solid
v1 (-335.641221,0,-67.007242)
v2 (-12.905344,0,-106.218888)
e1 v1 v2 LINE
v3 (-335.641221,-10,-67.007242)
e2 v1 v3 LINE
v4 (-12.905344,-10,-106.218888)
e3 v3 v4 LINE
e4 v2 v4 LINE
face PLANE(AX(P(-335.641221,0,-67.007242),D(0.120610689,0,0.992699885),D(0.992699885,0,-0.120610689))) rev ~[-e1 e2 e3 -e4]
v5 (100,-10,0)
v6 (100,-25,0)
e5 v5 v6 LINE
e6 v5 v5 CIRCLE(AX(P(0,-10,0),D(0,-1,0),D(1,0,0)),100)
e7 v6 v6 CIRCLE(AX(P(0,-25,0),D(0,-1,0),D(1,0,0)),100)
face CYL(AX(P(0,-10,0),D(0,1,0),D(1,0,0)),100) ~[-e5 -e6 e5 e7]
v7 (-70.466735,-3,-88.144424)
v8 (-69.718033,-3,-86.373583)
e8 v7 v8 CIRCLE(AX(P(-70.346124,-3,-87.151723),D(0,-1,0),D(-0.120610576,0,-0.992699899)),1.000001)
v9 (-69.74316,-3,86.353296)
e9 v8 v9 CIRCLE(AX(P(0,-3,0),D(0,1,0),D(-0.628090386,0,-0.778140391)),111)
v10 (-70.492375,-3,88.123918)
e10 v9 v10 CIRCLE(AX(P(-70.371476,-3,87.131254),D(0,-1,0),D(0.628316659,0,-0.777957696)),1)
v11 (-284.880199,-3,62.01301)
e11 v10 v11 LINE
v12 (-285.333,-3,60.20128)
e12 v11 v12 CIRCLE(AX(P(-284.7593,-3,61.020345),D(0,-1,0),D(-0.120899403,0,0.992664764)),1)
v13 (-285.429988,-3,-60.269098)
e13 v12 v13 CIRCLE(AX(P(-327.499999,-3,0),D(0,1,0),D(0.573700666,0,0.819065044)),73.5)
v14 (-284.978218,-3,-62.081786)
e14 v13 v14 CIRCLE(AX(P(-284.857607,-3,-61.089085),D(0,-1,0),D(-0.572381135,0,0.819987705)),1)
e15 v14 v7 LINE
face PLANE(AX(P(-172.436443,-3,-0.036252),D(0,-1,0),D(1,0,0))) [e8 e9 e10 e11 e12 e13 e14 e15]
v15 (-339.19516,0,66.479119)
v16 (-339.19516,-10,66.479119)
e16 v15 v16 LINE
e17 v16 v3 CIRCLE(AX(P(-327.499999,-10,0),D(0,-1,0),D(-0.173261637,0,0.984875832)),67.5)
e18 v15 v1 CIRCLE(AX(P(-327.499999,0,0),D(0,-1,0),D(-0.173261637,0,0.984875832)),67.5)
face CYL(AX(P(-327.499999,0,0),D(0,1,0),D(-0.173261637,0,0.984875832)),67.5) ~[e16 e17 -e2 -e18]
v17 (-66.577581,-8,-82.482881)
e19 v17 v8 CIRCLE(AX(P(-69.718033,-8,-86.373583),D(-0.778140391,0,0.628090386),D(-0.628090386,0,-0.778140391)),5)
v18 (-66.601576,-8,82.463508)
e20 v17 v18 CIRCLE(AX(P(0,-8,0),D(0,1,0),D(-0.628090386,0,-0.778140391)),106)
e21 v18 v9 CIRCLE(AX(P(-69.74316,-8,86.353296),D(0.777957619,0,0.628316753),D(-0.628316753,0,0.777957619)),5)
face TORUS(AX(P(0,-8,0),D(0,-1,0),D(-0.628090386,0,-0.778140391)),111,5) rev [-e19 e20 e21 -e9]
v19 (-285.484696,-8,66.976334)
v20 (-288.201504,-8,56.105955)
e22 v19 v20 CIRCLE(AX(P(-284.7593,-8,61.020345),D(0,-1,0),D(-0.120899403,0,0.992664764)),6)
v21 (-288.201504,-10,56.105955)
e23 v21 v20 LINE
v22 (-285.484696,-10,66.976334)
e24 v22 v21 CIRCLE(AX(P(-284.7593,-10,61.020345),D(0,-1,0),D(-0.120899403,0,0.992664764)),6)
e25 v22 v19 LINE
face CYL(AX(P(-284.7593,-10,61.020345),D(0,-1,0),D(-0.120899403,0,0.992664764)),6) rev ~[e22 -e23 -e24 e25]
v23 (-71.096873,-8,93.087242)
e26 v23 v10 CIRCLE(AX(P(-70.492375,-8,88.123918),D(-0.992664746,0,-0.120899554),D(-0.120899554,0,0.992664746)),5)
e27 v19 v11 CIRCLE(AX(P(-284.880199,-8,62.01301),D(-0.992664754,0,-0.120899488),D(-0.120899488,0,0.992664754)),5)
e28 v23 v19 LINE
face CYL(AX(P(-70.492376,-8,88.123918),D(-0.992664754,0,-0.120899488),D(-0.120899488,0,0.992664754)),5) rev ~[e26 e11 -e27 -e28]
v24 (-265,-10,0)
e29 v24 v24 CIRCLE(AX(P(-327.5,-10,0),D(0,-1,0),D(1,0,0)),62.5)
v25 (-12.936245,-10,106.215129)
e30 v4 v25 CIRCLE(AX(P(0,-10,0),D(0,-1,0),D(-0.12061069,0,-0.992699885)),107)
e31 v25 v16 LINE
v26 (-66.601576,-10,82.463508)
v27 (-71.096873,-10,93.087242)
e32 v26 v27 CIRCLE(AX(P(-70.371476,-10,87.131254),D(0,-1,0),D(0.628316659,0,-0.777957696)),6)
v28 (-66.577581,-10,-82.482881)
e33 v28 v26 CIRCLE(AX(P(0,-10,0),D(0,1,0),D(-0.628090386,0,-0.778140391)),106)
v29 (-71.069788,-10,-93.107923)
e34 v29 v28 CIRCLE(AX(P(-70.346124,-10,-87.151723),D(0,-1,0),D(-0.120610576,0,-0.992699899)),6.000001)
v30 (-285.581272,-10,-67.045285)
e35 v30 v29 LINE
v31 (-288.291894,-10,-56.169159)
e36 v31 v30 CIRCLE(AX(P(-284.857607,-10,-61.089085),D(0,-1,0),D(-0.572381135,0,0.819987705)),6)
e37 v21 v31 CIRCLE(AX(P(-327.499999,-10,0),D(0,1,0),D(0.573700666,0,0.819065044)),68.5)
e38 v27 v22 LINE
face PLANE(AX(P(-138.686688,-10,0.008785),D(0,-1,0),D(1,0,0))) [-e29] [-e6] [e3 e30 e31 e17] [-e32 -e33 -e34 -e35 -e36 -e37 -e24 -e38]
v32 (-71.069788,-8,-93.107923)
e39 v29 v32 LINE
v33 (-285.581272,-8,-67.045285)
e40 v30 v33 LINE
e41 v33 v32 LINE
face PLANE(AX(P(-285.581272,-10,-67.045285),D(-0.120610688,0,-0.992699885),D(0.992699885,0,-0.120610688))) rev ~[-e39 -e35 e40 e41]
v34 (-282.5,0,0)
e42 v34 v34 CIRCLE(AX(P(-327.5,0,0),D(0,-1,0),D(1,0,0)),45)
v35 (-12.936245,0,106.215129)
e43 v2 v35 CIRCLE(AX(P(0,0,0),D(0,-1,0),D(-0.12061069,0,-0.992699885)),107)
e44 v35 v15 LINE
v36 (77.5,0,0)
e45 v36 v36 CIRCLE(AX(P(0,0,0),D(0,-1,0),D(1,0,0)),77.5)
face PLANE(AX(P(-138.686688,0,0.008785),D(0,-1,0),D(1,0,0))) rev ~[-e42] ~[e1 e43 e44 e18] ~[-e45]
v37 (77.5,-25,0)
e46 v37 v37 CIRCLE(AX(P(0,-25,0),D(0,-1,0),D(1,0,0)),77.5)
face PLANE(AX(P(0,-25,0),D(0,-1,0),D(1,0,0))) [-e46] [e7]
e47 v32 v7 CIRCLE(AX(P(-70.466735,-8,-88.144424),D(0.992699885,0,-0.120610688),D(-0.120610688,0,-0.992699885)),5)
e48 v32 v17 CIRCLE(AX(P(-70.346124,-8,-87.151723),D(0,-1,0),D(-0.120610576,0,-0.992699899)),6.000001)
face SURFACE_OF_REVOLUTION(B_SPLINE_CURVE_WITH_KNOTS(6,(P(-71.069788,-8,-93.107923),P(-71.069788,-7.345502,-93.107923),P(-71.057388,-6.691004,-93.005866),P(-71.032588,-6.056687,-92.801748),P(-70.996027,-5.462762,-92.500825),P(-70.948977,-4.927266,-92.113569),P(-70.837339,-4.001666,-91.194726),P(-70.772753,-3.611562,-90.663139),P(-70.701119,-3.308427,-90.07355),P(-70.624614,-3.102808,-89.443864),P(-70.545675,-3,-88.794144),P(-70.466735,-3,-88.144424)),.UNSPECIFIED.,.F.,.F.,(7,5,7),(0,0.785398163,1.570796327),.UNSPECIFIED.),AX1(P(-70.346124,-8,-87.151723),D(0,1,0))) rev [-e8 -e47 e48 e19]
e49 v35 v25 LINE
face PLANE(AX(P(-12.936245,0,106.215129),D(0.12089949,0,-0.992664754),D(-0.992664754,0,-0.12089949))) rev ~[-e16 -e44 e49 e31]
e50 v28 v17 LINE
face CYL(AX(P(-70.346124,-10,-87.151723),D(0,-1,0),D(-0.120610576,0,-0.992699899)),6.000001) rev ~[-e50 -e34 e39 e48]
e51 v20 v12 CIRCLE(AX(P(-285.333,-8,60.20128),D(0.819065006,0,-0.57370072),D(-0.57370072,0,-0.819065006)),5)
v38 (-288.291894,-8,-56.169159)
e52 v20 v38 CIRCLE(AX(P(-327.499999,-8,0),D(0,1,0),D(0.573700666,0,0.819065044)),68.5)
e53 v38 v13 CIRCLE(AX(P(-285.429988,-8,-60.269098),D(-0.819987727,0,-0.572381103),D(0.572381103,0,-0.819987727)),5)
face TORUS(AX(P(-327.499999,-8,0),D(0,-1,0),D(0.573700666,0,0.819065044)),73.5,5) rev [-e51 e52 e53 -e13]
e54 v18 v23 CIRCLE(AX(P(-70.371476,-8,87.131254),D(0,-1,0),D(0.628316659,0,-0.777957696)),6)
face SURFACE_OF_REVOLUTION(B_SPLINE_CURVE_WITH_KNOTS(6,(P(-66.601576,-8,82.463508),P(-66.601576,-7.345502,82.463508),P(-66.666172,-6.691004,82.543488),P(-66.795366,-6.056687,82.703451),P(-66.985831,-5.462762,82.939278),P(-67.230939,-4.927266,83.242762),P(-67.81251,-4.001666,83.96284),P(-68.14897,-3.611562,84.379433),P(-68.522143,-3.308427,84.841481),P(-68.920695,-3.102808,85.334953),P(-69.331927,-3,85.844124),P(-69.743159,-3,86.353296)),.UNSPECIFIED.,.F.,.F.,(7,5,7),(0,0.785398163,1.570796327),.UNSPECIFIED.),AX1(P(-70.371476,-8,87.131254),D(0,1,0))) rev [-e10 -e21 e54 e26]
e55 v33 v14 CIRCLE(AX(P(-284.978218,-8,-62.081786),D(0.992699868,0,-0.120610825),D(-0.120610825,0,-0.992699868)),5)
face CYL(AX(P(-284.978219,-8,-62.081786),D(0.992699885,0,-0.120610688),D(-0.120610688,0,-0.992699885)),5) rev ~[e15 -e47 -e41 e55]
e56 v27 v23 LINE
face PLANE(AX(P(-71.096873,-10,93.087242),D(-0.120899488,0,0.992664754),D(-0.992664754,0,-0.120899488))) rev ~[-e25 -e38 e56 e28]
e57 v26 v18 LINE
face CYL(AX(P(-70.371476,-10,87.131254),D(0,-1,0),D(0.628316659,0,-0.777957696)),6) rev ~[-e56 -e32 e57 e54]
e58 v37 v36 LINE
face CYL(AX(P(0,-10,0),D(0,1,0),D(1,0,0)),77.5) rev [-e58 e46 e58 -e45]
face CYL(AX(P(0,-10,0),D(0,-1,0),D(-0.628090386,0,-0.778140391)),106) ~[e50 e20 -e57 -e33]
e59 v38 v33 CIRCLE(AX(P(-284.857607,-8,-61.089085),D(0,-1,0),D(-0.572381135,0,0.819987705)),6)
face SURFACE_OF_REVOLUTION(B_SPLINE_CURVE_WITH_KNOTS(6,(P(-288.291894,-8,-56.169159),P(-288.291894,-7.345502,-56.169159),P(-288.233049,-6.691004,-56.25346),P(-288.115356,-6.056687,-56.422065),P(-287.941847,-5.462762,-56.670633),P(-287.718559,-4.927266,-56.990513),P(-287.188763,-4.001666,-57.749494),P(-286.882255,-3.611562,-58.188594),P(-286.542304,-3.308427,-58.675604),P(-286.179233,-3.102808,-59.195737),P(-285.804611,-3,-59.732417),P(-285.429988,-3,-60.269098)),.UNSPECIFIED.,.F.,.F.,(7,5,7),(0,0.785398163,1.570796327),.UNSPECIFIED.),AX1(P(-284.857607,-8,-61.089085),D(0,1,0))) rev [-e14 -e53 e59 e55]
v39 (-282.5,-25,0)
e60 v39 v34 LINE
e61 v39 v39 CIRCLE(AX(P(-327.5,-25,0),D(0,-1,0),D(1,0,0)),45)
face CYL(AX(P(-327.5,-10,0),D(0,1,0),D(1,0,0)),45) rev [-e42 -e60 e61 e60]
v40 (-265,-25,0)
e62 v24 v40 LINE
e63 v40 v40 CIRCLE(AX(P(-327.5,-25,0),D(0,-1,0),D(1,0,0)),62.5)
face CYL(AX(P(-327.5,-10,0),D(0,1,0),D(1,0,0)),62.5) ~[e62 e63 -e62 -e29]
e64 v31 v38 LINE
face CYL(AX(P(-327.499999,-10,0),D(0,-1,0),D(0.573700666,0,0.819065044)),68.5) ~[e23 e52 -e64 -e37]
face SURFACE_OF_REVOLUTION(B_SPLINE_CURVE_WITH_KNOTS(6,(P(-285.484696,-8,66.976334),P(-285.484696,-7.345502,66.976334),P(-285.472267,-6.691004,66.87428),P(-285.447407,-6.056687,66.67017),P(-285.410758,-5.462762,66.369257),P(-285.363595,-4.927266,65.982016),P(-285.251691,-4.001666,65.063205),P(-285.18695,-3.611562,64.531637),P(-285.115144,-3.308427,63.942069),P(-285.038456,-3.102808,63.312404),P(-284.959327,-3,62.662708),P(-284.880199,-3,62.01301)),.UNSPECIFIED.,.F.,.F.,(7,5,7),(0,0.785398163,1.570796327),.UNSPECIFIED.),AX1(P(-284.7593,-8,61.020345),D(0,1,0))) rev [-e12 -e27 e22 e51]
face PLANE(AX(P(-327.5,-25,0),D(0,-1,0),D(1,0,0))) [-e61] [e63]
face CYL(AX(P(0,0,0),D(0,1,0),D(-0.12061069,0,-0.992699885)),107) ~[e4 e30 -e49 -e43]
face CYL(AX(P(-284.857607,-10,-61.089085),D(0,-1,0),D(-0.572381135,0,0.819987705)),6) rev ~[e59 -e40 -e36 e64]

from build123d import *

# Parameters (mm, degrees)
F0_R          = 62.5
F0_R_2        = 100
F1_DEPTH      = 10
F2_R          = 62.5
F2_R_2        = 45
F2_R_3        = 100
F2_R_4        = 77.5
F3_DEPTH      = 15
F3_DEPTH_BACK = 10
F5_DEPTH      = 7
F6_R          = 5


with BuildPart() as f1:
    # F0 (on Front) → F1 (new body)
    with BuildSketch(Plane.XZ):
        with BuildLine():
            Line((-335.641221, -67.007242), (-12.905344, -106.218888))
            ThreePointArc((-12.905344, -106.218888), (106.999999, 0.015565), (-12.936245, 106.215129))
            Line((-12.936245, 106.215129), (-339.19516, 66.479119))
            ThreePointArc((-339.19516, 66.479119), (-394.976089, -1.796482), (-335.641221, -67.007242))
        make_face()
        with Locations((-327.5, 0)):
            Circle(F0_R, mode=Mode.SUBTRACT)
        Circle(F0_R_2, mode=Mode.SUBTRACT)
    extrude(amount=F1_DEPTH)

    # F2 (on face) → F3 (join, two sides)
    with BuildSketch(Plane.XZ.offset(10)) as f3_sk:
        with Locations((-327.5, 0)):
            Circle(F2_R)
        with Locations((-327.5, 0)):
            Circle(F2_R_2, mode=Mode.SUBTRACT)
        Circle(F2_R_3)
        Circle(F2_R_4, mode=Mode.SUBTRACT)
    extrude(amount=F3_DEPTH)
    extrude(f3_sk.sketch, amount=-F3_DEPTH_BACK)

    # F4 (on face) → F5 (cut)
    with BuildSketch(Plane.XZ.offset(10)):
        with BuildLine():
            ThreePointArc((-66.577581, -82.482881), (-105.999999, -0.015419), (-66.601576, 82.463508))
            ThreePointArc((-66.601576, 82.463508), (-64.845792, 89.469376), (-71.096873, 93.087242))
            Line((-71.096873, 93.087242), (-285.484696, 66.976334))
            ThreePointArc((-285.484696, 66.976334), (-290.580254, 62.475162), (-288.201504, 56.105955))
            ThreePointArc((-288.201504, 56.105955), (-259.000022, -0.055148), (-288.291894, -56.169159))
            ThreePointArc((-288.291894, -56.169159), (-290.67952, -62.540062), (-285.581272, -67.045285))
            Line((-285.581272, -67.045285), (-71.069788, -93.107923))
            ThreePointArc((-71.069788, -93.107923), (-64.81976, -89.488238), (-66.577581, -82.482881))
        make_face()
    extrude(amount=-F5_DEPTH, mode=Mode.SUBTRACT)

    # F6
    f6_edges = [f1.edges().sort_by_distance(p)[0] for p in [
        (-105.999999, -3, -0.015419),
    ]]
    fillet(f6_edges, radius=F6_R)


solid = f1.part
